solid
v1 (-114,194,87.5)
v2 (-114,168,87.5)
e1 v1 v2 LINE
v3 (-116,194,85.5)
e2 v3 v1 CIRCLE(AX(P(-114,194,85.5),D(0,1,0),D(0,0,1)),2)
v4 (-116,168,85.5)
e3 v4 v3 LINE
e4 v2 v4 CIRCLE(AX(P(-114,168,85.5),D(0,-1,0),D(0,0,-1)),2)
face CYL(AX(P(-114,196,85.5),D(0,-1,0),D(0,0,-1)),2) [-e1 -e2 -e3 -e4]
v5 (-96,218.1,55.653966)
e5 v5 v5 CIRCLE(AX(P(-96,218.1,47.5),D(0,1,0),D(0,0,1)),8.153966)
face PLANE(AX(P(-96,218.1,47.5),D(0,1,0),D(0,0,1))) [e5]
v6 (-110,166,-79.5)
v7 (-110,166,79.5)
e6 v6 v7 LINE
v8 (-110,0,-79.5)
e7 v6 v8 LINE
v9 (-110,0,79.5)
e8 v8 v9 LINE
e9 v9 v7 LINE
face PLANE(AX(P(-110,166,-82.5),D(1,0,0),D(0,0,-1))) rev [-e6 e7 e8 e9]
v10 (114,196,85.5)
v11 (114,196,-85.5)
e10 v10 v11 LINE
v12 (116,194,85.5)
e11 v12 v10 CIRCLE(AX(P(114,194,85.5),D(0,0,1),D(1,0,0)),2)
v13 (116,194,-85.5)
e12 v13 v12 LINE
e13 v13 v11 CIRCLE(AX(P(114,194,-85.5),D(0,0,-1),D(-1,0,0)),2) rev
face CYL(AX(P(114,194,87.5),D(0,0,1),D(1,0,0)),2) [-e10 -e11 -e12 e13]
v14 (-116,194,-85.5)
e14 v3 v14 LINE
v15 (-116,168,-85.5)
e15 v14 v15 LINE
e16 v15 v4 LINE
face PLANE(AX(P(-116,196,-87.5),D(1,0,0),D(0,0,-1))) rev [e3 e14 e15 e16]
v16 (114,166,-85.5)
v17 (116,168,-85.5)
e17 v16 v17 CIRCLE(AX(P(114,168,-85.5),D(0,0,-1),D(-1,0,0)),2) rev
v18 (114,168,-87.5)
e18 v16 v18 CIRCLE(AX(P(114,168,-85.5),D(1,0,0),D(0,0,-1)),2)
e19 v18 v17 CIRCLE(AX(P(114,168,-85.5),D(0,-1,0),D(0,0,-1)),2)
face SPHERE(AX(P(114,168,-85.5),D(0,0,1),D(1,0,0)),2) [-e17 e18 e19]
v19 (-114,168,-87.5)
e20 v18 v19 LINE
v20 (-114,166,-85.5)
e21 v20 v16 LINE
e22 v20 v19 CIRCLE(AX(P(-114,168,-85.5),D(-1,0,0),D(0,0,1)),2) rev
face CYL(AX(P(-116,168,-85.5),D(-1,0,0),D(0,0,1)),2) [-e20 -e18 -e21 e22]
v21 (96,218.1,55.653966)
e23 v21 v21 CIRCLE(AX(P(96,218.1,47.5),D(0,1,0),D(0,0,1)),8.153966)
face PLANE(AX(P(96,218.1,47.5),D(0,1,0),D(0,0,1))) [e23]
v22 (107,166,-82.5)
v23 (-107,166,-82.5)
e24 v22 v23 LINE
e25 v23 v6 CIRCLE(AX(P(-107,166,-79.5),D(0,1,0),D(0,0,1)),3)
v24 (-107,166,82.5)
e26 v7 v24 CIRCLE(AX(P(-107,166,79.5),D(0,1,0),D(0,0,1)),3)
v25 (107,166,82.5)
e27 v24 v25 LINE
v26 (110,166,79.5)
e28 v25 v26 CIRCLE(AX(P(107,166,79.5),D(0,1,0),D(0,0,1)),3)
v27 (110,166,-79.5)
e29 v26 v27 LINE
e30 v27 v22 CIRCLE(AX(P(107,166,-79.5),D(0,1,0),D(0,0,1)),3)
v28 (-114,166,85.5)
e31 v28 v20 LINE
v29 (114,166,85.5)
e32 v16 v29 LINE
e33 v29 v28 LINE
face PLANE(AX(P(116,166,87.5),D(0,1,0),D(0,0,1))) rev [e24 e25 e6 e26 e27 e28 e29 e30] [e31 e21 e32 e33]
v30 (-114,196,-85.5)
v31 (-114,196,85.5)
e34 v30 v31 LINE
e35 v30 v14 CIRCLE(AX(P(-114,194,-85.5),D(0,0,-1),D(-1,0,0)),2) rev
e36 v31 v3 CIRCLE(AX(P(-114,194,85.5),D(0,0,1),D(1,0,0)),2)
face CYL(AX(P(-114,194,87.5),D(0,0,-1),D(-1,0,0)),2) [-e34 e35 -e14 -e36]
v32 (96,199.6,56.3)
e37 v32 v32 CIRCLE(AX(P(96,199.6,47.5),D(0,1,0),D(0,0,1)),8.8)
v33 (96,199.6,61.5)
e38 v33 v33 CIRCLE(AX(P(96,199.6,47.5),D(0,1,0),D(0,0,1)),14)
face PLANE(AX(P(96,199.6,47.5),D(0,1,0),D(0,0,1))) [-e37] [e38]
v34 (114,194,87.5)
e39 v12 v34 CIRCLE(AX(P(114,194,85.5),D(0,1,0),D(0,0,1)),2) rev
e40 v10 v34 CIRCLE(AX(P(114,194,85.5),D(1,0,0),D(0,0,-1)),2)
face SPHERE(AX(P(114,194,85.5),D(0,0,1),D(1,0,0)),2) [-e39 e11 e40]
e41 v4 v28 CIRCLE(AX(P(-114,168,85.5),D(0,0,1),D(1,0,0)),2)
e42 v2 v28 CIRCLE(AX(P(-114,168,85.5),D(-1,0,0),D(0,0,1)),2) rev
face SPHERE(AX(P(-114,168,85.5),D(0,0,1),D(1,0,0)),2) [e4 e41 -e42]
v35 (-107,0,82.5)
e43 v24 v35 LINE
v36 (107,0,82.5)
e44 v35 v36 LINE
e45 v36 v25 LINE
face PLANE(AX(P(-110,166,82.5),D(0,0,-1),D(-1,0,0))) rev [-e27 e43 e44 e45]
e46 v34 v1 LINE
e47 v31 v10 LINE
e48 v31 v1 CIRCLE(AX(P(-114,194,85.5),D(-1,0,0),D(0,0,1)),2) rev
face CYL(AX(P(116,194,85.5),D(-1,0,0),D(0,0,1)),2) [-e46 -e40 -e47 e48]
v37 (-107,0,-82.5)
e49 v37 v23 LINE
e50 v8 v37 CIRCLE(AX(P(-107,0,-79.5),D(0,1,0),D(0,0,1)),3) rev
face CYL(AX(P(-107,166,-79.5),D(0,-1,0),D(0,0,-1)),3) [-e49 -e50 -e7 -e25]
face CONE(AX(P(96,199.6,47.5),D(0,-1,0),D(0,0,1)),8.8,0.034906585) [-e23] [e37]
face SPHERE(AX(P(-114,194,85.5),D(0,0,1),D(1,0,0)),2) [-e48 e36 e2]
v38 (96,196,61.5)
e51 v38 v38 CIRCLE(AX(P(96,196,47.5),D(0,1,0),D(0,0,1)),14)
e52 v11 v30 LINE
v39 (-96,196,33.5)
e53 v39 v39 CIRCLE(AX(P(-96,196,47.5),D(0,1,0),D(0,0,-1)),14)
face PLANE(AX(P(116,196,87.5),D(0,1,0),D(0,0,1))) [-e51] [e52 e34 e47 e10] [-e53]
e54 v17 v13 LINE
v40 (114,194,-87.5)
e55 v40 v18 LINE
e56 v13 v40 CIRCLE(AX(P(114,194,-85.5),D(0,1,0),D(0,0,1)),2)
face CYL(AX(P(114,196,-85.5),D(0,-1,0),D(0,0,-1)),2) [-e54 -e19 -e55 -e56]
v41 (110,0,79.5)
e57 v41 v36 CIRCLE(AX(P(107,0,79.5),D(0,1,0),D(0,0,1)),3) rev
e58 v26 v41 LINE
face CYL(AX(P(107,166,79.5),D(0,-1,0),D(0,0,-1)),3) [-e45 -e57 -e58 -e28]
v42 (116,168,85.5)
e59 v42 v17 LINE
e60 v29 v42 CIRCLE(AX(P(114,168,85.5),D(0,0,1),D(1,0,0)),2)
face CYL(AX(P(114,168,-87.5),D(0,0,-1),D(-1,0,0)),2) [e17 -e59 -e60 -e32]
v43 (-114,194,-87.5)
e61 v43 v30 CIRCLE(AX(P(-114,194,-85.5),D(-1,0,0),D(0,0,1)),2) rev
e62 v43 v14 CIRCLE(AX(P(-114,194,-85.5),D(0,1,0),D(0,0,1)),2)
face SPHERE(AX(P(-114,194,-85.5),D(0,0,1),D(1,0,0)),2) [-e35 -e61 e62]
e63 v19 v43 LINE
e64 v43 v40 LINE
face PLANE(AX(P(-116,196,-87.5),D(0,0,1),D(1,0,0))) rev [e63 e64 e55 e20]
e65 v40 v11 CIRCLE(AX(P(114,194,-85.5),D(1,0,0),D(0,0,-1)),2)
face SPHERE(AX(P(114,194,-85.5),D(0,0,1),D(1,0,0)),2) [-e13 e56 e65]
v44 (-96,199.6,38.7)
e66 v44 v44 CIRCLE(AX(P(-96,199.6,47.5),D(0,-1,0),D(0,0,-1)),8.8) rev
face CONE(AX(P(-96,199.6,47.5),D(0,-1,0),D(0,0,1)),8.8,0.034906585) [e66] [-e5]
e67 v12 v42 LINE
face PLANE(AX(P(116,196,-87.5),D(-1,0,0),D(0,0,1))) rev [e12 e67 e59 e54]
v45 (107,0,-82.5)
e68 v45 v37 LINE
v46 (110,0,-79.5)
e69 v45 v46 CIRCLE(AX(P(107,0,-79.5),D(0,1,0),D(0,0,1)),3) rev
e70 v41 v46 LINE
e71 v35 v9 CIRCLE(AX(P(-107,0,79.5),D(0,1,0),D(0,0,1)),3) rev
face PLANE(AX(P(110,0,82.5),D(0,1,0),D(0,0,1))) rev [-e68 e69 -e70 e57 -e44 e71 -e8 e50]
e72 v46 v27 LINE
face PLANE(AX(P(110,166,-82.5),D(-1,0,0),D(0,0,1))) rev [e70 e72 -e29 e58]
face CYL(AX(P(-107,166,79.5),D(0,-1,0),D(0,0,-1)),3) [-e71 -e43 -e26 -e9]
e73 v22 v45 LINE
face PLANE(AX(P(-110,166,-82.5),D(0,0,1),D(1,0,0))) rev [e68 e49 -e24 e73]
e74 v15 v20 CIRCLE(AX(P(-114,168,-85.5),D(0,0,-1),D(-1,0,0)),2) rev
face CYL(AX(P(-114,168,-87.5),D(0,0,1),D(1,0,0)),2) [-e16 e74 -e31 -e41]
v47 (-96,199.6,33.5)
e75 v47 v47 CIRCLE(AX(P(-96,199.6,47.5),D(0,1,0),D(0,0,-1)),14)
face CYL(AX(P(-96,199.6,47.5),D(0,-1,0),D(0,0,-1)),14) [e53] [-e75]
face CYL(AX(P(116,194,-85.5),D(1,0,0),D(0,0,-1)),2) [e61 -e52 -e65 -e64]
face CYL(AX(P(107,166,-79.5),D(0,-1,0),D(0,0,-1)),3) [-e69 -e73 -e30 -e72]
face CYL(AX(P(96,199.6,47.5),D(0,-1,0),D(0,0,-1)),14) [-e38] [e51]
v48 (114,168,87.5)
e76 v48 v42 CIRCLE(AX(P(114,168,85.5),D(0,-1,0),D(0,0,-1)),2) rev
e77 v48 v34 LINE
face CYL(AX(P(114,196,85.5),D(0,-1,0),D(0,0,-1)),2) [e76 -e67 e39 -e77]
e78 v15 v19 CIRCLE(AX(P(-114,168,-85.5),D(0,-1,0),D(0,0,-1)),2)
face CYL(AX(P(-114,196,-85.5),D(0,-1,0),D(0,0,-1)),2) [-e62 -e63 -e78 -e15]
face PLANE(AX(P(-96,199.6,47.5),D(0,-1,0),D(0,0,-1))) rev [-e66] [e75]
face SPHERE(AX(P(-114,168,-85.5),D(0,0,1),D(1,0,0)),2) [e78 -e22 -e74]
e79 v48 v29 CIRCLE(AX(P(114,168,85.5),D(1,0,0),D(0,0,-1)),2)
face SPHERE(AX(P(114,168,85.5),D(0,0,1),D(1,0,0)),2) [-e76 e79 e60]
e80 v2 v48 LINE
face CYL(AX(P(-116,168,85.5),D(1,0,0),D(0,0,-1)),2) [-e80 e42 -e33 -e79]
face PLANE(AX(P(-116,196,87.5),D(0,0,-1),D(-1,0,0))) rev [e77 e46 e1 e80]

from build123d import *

# Parameters (mm, degrees)
SKETCH_1_W                = 220
SKETCH_1_H                = 165
EXTRUDE_1_DEPTH           = 166
FILLET_1_R                = 3
SKETCH_2_W                = 232
SKETCH_2_H                = 175
EXTRUDE_2_DEPTH           = 30
FILLET_2_R                = 2
SKETCH_3_R                = 14
EXTRUDE_3_DEPTH           = 3.6
SKETCH_5_R                = 8.8
EXTRUDE_4_DEPTH           = 18.5
EXTRUDE_4_DRAFT           = 2
EXTRUDE_4_PROFILE_2_DEPTH = 18.5
EXTRUDE_4_PROFILE_2_DRAFT = 2


with BuildPart() as part:
    # Эскиз1 → Вытянуть1 (new body)
    with BuildSketch(Plane(origin=(0, 0, 0), x_dir=(1, 0, 0), z_dir=(0, 1, 0))):
        Rectangle(SKETCH_1_W, SKETCH_1_H)
    extrude(amount=EXTRUDE_1_DEPTH)

    # Скругление1
    fillet_1_edges = [part.edges().sort_by_distance(p)[0] for p in [
        (110, 83, 82.5),
        (-110, 83, 82.5),
        (-110, 83, -82.5),
        (110, 83, -82.5),
    ]]
    fillet(fillet_1_edges, radius=FILLET_1_R)

    # Эскиз2 → Вытянуть2 (add)
    with BuildSketch(Plane(origin=(0, 166, 0), x_dir=(1, 0, 0), z_dir=(0, 1, 0))):
        Rectangle(SKETCH_2_W, SKETCH_2_H)
    extrude(amount=EXTRUDE_2_DEPTH)

    # Скругление2
    fillet_2_edges = [part.edges().sort_by_distance(p)[0] for p in [
        (116, 166, 0),
        (116, 181, 87.5),
        (0, 166, -87.5),
        (116, 181, -87.5),
        (-116, 166, 0),
        (-116, 181, -87.5),
        (0, 166, 87.5),
        (-116, 181, 87.5),
        (116, 196, 0),
        (0, 196, -87.5),
        (-116, 196, 0),
        (0, 196, 87.5),
    ]]
    fillet(fillet_2_edges, radius=FILLET_2_R)

    # Эскиз3 → Вытянуть3 (add)
    with BuildSketch(Plane(origin=(0, 196, 0), x_dir=(1, 0, 0), z_dir=(0, 1, 0))):
        with Locations(Location((96, -47.5, 0), (0, 0, 270))):
            Circle(SKETCH_3_R)
        with Locations(Location((-96, -47.5, 0), (0, 0, 90))):
            Circle(SKETCH_3_R)
    extrude(amount=EXTRUDE_3_DEPTH)


with BuildPart() as extrude_4_tool:
    # Эскиз5 → Вытянуть4 (with draft: the straight prism first)
    with BuildSketch(Plane(origin=(0, 199.6, 0), x_dir=(1, 0, 0), z_dir=(0, 1, 0))):
        with Locations((96, -47.5)):
            Circle(SKETCH_5_R)
    extrude(amount=EXTRUDE_4_DEPTH)
    # Вытянуть4: the draft: its side faces are tilted about the plane it starts from
    extrude_4_sides = [extrude_4_tool.faces().sort_by_distance(p)[0] for p in [
        (87.2, 208.85, 47.5),
    ]]
    draft(extrude_4_sides, Plane(origin=(0, 199.6, 0), x_dir=(1, 0, 0), z_dir=(0, 1, 0)), EXTRUDE_4_DRAFT)


with BuildPart() as part_1:
    add(part.part)

    # Вытянуть4: add extrude_4_tool
    add(extrude_4_tool.part)


with BuildPart() as extrude_4_profile_2_tool:
    # Эскиз5 → Вытянуть4 profile 2 (with draft: the straight prism first)
    with BuildSketch(Plane(origin=(0, 199.6, 0), x_dir=(1, 0, 0), z_dir=(0, 1, 0))):
        with Locations((-96, -47.5)):
            Circle(SKETCH_5_R)
    extrude(amount=EXTRUDE_4_PROFILE_2_DEPTH)
    # Вытянуть4 profile 2: the draft: its side faces are tilted about the plane it starts from
    extrude_4_profile_2_sides = [extrude_4_profile_2_tool.faces().sort_by_distance(p)[0] for p in [
        (-104.8, 208.85, 47.5),
    ]]
    draft(extrude_4_profile_2_sides, Plane(origin=(0, 199.6, 0), x_dir=(1, 0, 0), z_dir=(0, 1, 0)), EXTRUDE_4_PROFILE_2_DRAFT)


with BuildPart() as part_2:
    add(part_1.part)

    # Вытянуть4 profile 2: add extrude_4_profile_2_tool
    add(extrude_4_profile_2_tool.part)


solid = part_2.part
